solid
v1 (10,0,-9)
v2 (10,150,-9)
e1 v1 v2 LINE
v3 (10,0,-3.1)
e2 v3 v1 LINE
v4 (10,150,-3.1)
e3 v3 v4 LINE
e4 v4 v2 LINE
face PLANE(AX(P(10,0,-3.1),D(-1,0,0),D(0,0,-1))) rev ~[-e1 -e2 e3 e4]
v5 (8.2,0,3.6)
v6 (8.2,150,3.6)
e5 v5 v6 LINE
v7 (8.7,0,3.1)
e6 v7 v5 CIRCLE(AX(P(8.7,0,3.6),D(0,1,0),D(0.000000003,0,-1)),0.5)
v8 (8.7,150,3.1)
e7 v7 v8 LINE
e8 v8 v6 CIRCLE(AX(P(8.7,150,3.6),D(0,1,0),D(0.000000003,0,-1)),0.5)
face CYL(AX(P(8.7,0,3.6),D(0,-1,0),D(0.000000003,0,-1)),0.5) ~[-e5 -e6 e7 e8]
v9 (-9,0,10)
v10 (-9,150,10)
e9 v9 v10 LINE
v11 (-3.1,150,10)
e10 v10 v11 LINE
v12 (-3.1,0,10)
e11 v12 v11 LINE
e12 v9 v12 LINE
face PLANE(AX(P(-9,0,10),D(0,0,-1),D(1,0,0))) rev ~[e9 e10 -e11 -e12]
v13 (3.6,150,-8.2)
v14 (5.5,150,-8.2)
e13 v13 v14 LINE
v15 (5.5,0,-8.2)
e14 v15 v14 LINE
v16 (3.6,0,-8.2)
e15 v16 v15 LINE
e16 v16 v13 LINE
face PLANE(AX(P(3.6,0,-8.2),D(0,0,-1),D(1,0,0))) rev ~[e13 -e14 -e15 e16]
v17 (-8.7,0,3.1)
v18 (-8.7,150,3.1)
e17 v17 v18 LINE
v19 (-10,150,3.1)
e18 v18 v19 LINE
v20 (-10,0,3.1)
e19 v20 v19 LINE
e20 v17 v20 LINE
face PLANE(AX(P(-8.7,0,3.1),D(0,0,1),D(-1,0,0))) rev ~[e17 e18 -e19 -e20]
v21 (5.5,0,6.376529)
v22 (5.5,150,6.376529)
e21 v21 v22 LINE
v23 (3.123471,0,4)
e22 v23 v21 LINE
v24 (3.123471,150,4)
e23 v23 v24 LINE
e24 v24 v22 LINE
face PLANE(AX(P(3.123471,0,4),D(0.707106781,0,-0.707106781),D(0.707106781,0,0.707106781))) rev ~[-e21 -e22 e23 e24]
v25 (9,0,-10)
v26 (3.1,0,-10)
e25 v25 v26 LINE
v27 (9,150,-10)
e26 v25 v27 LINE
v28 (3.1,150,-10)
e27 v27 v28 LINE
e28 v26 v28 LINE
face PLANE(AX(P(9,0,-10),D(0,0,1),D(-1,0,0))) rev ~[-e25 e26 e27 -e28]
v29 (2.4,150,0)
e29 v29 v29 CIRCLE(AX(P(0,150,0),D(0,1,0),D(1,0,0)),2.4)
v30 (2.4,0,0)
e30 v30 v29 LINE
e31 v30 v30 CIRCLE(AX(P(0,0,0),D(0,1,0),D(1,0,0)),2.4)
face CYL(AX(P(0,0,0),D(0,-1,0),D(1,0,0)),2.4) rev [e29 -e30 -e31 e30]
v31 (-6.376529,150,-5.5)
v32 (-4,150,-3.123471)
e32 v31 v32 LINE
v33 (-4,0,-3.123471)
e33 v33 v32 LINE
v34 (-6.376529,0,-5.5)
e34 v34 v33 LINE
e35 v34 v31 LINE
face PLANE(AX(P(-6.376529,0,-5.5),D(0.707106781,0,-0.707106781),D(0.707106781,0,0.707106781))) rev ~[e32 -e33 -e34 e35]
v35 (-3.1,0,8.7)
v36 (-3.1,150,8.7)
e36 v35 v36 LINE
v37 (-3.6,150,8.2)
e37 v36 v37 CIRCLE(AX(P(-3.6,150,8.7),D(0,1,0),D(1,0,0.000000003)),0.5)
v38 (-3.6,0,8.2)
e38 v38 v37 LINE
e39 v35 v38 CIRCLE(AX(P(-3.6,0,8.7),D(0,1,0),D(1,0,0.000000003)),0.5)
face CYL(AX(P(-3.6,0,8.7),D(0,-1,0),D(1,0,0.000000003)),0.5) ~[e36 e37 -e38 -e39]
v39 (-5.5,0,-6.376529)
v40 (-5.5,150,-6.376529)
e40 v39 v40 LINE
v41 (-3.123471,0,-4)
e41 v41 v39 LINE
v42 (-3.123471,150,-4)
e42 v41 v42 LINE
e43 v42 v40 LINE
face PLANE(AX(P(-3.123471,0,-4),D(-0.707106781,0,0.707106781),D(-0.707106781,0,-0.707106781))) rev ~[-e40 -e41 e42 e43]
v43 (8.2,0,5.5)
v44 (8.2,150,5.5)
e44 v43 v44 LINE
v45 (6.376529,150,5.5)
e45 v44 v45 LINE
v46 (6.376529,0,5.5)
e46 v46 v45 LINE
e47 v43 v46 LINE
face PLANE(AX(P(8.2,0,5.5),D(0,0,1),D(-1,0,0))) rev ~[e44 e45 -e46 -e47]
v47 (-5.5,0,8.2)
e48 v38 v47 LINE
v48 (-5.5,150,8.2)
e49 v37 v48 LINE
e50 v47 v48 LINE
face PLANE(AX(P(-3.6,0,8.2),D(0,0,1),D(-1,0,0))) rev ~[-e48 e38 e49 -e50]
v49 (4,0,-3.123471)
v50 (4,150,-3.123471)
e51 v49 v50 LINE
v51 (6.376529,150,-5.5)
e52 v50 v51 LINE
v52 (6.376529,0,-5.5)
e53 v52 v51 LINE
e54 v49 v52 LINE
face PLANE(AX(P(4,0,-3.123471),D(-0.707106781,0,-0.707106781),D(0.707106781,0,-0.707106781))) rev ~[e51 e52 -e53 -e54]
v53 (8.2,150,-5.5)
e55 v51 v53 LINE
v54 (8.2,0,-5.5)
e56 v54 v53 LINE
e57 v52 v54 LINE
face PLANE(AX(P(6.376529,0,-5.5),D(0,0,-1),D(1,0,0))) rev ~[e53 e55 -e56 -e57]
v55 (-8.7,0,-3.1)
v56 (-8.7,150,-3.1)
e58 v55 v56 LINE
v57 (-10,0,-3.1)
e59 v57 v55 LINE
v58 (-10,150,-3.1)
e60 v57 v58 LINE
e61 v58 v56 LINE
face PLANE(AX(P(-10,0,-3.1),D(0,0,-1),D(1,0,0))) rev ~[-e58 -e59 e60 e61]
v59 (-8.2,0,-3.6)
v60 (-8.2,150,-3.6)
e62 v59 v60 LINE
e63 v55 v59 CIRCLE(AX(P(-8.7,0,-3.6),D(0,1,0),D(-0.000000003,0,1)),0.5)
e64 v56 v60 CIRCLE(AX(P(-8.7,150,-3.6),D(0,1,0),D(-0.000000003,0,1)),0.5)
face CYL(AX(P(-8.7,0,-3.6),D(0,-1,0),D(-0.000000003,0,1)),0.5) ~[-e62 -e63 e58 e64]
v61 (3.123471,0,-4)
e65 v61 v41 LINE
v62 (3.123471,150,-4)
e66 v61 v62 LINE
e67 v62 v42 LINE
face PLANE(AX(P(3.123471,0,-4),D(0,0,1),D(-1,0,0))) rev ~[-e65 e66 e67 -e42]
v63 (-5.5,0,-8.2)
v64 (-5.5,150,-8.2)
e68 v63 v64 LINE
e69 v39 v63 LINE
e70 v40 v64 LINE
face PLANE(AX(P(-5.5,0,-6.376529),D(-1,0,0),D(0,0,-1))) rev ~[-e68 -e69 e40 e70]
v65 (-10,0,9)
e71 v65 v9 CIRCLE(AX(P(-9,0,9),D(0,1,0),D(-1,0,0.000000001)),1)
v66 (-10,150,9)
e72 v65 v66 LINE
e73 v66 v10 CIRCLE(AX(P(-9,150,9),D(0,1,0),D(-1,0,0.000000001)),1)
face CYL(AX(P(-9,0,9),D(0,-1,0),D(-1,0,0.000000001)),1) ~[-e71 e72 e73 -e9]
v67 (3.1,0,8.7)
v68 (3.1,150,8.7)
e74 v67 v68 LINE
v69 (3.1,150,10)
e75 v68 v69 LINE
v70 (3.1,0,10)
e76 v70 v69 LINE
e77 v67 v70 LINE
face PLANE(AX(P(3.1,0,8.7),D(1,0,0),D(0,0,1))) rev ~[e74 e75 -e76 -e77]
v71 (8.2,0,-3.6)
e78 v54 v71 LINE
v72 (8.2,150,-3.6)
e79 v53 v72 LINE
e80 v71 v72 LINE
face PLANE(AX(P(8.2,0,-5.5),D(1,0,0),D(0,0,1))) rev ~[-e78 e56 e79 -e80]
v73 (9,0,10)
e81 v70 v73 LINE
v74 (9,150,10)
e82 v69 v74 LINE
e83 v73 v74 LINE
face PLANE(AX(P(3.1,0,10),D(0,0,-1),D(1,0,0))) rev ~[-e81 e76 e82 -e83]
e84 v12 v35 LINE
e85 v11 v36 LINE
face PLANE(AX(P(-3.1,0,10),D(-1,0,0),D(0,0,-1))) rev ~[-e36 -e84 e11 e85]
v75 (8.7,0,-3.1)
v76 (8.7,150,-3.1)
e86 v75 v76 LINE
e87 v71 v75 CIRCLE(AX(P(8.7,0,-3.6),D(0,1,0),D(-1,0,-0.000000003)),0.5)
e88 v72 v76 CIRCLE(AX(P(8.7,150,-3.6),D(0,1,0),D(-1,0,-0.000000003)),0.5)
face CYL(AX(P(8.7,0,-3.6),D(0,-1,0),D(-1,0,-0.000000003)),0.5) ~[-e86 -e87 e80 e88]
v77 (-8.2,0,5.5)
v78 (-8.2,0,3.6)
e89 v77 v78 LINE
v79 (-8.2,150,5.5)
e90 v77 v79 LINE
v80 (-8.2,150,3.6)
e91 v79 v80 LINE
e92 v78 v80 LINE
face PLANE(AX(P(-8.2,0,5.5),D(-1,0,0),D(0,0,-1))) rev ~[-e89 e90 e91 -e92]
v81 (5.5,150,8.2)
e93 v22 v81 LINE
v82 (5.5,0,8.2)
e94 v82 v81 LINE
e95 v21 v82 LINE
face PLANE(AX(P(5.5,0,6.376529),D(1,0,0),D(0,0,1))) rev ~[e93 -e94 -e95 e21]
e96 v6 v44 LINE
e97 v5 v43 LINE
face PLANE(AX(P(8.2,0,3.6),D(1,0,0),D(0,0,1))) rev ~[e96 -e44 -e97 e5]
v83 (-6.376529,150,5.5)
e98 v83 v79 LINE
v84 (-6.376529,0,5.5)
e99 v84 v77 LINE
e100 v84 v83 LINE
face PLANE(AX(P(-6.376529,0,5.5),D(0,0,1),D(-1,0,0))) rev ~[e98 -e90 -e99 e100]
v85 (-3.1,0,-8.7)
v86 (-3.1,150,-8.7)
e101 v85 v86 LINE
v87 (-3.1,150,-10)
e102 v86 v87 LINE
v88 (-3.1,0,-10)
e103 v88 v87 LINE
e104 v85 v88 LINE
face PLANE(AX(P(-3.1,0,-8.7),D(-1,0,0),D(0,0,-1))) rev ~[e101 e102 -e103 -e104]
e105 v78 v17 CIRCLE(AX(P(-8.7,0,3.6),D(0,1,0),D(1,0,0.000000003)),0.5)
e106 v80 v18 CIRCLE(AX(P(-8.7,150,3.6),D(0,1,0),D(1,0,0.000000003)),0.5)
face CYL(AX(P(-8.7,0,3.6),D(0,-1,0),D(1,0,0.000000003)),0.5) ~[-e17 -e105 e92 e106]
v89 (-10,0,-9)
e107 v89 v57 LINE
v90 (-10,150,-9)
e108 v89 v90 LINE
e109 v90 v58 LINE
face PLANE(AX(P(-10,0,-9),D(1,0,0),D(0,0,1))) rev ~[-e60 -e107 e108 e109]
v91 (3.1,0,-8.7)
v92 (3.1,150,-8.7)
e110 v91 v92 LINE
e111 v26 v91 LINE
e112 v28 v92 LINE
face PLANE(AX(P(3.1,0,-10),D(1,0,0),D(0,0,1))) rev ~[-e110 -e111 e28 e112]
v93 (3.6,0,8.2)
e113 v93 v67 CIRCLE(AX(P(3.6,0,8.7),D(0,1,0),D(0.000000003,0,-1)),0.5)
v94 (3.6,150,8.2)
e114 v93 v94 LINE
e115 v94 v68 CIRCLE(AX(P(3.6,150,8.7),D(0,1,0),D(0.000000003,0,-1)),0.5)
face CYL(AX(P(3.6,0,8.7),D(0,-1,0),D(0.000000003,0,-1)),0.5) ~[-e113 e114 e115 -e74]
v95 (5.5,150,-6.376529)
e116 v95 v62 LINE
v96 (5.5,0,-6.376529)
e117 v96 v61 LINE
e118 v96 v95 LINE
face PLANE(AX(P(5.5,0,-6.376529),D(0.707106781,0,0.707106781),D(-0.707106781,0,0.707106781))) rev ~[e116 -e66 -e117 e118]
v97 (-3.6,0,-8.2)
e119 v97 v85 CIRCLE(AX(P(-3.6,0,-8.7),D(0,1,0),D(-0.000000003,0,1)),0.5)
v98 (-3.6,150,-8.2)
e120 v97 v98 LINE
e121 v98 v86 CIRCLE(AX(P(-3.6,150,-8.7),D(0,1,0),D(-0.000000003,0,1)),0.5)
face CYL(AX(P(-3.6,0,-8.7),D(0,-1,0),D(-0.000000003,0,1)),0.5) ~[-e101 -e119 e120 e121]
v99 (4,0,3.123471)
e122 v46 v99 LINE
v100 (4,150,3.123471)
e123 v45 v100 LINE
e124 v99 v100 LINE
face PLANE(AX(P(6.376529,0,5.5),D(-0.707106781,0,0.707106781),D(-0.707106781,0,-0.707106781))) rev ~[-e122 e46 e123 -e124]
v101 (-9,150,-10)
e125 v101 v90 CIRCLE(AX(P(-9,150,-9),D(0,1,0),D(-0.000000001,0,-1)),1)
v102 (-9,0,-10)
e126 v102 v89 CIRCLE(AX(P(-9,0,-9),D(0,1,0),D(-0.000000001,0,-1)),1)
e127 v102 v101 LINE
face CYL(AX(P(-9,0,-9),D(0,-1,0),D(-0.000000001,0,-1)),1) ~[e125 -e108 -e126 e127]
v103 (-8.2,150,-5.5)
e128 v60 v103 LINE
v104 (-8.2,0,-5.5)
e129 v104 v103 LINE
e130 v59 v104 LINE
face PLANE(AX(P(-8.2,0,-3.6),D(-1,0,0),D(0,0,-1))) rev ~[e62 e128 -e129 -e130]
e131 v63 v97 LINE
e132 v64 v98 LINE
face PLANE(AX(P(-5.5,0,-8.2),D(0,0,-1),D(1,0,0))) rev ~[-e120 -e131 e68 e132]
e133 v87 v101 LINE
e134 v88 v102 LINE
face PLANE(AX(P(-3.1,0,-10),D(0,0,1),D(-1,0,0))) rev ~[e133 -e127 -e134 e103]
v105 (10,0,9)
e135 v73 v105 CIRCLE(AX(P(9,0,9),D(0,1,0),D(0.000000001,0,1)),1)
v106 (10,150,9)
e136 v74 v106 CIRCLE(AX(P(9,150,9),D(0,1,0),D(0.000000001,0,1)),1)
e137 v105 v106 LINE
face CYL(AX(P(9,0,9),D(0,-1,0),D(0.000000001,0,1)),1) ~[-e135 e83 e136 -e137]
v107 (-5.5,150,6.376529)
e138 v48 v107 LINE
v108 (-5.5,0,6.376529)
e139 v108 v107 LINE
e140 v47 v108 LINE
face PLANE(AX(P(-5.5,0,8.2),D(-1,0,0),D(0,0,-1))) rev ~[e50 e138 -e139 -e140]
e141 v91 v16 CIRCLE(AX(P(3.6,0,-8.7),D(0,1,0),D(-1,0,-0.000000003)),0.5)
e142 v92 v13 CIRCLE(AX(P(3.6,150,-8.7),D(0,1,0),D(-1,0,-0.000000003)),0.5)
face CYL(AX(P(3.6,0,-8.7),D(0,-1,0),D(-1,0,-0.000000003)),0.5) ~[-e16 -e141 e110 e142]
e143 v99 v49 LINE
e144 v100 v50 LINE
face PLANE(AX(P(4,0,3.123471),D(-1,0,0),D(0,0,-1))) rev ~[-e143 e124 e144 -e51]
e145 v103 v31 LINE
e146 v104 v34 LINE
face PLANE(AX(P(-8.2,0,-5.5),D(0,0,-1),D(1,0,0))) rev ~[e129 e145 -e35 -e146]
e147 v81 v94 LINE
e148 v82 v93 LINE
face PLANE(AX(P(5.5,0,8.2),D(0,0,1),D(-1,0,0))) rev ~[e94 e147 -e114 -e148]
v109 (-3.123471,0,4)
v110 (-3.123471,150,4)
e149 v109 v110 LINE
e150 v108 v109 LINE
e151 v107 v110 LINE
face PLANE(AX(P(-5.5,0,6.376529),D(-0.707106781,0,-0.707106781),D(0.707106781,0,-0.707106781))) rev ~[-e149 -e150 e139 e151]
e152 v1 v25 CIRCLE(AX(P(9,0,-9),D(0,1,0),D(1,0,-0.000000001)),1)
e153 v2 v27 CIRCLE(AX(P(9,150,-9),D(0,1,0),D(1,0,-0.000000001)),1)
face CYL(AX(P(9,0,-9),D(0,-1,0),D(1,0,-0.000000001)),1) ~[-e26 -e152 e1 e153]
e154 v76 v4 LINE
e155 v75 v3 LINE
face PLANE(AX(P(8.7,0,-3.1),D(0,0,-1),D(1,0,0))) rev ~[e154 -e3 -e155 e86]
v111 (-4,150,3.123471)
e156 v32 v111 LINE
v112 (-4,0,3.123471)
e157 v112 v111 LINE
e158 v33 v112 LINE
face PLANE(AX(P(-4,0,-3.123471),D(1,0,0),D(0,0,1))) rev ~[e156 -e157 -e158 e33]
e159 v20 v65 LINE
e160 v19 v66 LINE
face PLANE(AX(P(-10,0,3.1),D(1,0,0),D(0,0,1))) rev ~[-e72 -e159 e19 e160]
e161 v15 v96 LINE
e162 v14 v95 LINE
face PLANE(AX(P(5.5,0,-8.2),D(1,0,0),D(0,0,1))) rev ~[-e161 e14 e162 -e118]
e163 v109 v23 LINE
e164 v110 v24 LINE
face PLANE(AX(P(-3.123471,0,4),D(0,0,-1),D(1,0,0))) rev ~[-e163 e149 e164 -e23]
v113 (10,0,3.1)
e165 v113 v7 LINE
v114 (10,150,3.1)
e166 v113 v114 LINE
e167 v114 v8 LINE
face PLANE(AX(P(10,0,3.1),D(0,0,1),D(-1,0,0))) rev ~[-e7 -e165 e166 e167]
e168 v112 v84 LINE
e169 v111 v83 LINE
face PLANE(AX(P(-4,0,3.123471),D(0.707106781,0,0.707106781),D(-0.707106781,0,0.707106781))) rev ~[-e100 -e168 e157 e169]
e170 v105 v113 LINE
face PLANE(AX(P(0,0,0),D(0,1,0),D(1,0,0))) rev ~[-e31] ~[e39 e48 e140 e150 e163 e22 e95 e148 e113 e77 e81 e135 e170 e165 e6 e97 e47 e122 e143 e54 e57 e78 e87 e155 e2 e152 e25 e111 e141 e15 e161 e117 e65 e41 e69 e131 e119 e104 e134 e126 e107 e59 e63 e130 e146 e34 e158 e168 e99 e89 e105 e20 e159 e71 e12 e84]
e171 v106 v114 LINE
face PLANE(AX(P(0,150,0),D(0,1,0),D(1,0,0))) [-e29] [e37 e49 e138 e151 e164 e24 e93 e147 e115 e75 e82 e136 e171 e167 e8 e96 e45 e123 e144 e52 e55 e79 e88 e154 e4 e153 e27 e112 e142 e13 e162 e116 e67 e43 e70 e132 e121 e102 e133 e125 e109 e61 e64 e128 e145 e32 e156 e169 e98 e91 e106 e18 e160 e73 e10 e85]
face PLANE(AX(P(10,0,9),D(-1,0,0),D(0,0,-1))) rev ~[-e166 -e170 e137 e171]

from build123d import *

# Parameters (mm, degrees)
SKETCH1_R           = 2.4
BOSS_EXTRUDE1_DEPTH = 150


with BuildPart() as part:
    # Sketch1 → Boss-Extrude1 (new body)
    with BuildSketch(Plane(origin=(0, 0, 0), x_dir=(1, 0, 0), z_dir=(0, 1, 0))):
        with BuildLine():
            ThreePointArc((-10, -9), (-9.707106781, -9.707106781), (-9, -10))
            Line((-9, -10), (-3.1, -10))
            Line((-3.1, -10), (-3.1, -8.7))
            ThreePointArc((-3.1, -8.7), (-3.246446609, -8.346446609), (-3.6, -8.2))
            Line((-3.6, -8.2), (-5.5, -8.2))
            Line((-5.5, -8.2), (-5.5, -6.376528763))
            Line((-5.5, -6.376528763), (-3.123471237, -4))
            Line((-3.123471237, -4), (0, -4))
            Line((0, -4), (3.123471237, -4))
            Line((3.123471237, -4), (5.5, -6.376528763))
            Line((5.5, -6.376528763), (5.5, -8.2))
            Line((5.5, -8.2), (3.6, -8.2))
            ThreePointArc((3.6, -8.2), (3.246446609, -8.346446609), (3.1, -8.7))
            Line((3.1, -8.7), (3.1, -10))
            Line((3.1, -10), (9, -10))
            ThreePointArc((9, -10), (9.707106781, -9.707106781), (10, -9))
            Line((10, -9), (10, -3.1))
            Line((10, -3.1), (8.7, -3.1))
            ThreePointArc((8.7, -3.1), (8.346446609, -3.246446609), (8.2, -3.6))
            Line((8.2, -3.6), (8.2, -5.5))
            Line((8.2, -5.5), (6.376528763, -5.5))
            Line((6.376528763, -5.5), (4, -3.123471237))
            Line((4, -3.123471237), (4, 0))
            Line((4, 0), (4, 3.123471237))
            Line((4, 3.123471237), (6.376528763, 5.5))
            Line((6.376528763, 5.5), (8.2, 5.5))
            Line((8.2, 5.5), (8.2, 3.6))
            ThreePointArc((8.2, 3.6), (8.346446609, 3.246446609), (8.7, 3.1))
            Line((8.7, 3.1), (10, 3.1))
            Line((10, 3.1), (10, 9))
            ThreePointArc((10, 9), (9.707106781, 9.707106781), (9, 10))
            Line((9, 10), (3.1, 10))
            Line((3.1, 10), (3.1, 8.7))
            ThreePointArc((3.1, 8.7), (3.246446609, 8.346446609), (3.6, 8.2))
            Line((3.6, 8.2), (5.5, 8.2))
            Line((5.5, 8.2), (5.5, 6.376528763))
            Line((5.5, 6.376528763), (3.123471237, 4))
            Line((3.123471237, 4), (0, 4))
            Line((0, 4), (-3.123471237, 4))
            Line((-3.123471237, 4), (-5.5, 6.376528763))
            Line((-5.5, 6.376528763), (-5.5, 8.2))
            Line((-5.5, 8.2), (-3.6, 8.2))
            ThreePointArc((-3.6, 8.2), (-3.246446609, 8.346446609), (-3.1, 8.7))
            Line((-3.1, 8.7), (-3.1, 10))
            Line((-3.1, 10), (-9, 10))
            ThreePointArc((-9, 10), (-9.707106781, 9.707106781), (-10, 9))
            Line((-10, 9), (-10, 3.1))
            Line((-10, 3.1), (-8.7, 3.1))
            ThreePointArc((-8.7, 3.1), (-8.346446609, 3.246446609), (-8.2, 3.6))
            Line((-8.2, 3.6), (-8.2, 5.5))
            Line((-8.2, 5.5), (-6.376528763, 5.5))
            Line((-6.376528763, 5.5), (-4, 3.123471237))
            Line((-4, 3.123471237), (-4, 0))
            Line((-4, 0), (-4, -3.123471237))
            Line((-4, -3.123471237), (-6.376528763, -5.5))
            Line((-6.376528763, -5.5), (-8.2, -5.5))
            Line((-8.2, -5.5), (-8.2, -3.6))
            ThreePointArc((-8.2, -3.6), (-8.346446609, -3.246446609), (-8.7, -3.1))
            Line((-8.7, -3.1), (-10, -3.1))
            Line((-10, -3.1), (-10, -9))
        make_face()
        Circle(SKETCH1_R, mode=Mode.SUBTRACT)
    extrude(amount=BOSS_EXTRUDE1_DEPTH)


solid = part.part
